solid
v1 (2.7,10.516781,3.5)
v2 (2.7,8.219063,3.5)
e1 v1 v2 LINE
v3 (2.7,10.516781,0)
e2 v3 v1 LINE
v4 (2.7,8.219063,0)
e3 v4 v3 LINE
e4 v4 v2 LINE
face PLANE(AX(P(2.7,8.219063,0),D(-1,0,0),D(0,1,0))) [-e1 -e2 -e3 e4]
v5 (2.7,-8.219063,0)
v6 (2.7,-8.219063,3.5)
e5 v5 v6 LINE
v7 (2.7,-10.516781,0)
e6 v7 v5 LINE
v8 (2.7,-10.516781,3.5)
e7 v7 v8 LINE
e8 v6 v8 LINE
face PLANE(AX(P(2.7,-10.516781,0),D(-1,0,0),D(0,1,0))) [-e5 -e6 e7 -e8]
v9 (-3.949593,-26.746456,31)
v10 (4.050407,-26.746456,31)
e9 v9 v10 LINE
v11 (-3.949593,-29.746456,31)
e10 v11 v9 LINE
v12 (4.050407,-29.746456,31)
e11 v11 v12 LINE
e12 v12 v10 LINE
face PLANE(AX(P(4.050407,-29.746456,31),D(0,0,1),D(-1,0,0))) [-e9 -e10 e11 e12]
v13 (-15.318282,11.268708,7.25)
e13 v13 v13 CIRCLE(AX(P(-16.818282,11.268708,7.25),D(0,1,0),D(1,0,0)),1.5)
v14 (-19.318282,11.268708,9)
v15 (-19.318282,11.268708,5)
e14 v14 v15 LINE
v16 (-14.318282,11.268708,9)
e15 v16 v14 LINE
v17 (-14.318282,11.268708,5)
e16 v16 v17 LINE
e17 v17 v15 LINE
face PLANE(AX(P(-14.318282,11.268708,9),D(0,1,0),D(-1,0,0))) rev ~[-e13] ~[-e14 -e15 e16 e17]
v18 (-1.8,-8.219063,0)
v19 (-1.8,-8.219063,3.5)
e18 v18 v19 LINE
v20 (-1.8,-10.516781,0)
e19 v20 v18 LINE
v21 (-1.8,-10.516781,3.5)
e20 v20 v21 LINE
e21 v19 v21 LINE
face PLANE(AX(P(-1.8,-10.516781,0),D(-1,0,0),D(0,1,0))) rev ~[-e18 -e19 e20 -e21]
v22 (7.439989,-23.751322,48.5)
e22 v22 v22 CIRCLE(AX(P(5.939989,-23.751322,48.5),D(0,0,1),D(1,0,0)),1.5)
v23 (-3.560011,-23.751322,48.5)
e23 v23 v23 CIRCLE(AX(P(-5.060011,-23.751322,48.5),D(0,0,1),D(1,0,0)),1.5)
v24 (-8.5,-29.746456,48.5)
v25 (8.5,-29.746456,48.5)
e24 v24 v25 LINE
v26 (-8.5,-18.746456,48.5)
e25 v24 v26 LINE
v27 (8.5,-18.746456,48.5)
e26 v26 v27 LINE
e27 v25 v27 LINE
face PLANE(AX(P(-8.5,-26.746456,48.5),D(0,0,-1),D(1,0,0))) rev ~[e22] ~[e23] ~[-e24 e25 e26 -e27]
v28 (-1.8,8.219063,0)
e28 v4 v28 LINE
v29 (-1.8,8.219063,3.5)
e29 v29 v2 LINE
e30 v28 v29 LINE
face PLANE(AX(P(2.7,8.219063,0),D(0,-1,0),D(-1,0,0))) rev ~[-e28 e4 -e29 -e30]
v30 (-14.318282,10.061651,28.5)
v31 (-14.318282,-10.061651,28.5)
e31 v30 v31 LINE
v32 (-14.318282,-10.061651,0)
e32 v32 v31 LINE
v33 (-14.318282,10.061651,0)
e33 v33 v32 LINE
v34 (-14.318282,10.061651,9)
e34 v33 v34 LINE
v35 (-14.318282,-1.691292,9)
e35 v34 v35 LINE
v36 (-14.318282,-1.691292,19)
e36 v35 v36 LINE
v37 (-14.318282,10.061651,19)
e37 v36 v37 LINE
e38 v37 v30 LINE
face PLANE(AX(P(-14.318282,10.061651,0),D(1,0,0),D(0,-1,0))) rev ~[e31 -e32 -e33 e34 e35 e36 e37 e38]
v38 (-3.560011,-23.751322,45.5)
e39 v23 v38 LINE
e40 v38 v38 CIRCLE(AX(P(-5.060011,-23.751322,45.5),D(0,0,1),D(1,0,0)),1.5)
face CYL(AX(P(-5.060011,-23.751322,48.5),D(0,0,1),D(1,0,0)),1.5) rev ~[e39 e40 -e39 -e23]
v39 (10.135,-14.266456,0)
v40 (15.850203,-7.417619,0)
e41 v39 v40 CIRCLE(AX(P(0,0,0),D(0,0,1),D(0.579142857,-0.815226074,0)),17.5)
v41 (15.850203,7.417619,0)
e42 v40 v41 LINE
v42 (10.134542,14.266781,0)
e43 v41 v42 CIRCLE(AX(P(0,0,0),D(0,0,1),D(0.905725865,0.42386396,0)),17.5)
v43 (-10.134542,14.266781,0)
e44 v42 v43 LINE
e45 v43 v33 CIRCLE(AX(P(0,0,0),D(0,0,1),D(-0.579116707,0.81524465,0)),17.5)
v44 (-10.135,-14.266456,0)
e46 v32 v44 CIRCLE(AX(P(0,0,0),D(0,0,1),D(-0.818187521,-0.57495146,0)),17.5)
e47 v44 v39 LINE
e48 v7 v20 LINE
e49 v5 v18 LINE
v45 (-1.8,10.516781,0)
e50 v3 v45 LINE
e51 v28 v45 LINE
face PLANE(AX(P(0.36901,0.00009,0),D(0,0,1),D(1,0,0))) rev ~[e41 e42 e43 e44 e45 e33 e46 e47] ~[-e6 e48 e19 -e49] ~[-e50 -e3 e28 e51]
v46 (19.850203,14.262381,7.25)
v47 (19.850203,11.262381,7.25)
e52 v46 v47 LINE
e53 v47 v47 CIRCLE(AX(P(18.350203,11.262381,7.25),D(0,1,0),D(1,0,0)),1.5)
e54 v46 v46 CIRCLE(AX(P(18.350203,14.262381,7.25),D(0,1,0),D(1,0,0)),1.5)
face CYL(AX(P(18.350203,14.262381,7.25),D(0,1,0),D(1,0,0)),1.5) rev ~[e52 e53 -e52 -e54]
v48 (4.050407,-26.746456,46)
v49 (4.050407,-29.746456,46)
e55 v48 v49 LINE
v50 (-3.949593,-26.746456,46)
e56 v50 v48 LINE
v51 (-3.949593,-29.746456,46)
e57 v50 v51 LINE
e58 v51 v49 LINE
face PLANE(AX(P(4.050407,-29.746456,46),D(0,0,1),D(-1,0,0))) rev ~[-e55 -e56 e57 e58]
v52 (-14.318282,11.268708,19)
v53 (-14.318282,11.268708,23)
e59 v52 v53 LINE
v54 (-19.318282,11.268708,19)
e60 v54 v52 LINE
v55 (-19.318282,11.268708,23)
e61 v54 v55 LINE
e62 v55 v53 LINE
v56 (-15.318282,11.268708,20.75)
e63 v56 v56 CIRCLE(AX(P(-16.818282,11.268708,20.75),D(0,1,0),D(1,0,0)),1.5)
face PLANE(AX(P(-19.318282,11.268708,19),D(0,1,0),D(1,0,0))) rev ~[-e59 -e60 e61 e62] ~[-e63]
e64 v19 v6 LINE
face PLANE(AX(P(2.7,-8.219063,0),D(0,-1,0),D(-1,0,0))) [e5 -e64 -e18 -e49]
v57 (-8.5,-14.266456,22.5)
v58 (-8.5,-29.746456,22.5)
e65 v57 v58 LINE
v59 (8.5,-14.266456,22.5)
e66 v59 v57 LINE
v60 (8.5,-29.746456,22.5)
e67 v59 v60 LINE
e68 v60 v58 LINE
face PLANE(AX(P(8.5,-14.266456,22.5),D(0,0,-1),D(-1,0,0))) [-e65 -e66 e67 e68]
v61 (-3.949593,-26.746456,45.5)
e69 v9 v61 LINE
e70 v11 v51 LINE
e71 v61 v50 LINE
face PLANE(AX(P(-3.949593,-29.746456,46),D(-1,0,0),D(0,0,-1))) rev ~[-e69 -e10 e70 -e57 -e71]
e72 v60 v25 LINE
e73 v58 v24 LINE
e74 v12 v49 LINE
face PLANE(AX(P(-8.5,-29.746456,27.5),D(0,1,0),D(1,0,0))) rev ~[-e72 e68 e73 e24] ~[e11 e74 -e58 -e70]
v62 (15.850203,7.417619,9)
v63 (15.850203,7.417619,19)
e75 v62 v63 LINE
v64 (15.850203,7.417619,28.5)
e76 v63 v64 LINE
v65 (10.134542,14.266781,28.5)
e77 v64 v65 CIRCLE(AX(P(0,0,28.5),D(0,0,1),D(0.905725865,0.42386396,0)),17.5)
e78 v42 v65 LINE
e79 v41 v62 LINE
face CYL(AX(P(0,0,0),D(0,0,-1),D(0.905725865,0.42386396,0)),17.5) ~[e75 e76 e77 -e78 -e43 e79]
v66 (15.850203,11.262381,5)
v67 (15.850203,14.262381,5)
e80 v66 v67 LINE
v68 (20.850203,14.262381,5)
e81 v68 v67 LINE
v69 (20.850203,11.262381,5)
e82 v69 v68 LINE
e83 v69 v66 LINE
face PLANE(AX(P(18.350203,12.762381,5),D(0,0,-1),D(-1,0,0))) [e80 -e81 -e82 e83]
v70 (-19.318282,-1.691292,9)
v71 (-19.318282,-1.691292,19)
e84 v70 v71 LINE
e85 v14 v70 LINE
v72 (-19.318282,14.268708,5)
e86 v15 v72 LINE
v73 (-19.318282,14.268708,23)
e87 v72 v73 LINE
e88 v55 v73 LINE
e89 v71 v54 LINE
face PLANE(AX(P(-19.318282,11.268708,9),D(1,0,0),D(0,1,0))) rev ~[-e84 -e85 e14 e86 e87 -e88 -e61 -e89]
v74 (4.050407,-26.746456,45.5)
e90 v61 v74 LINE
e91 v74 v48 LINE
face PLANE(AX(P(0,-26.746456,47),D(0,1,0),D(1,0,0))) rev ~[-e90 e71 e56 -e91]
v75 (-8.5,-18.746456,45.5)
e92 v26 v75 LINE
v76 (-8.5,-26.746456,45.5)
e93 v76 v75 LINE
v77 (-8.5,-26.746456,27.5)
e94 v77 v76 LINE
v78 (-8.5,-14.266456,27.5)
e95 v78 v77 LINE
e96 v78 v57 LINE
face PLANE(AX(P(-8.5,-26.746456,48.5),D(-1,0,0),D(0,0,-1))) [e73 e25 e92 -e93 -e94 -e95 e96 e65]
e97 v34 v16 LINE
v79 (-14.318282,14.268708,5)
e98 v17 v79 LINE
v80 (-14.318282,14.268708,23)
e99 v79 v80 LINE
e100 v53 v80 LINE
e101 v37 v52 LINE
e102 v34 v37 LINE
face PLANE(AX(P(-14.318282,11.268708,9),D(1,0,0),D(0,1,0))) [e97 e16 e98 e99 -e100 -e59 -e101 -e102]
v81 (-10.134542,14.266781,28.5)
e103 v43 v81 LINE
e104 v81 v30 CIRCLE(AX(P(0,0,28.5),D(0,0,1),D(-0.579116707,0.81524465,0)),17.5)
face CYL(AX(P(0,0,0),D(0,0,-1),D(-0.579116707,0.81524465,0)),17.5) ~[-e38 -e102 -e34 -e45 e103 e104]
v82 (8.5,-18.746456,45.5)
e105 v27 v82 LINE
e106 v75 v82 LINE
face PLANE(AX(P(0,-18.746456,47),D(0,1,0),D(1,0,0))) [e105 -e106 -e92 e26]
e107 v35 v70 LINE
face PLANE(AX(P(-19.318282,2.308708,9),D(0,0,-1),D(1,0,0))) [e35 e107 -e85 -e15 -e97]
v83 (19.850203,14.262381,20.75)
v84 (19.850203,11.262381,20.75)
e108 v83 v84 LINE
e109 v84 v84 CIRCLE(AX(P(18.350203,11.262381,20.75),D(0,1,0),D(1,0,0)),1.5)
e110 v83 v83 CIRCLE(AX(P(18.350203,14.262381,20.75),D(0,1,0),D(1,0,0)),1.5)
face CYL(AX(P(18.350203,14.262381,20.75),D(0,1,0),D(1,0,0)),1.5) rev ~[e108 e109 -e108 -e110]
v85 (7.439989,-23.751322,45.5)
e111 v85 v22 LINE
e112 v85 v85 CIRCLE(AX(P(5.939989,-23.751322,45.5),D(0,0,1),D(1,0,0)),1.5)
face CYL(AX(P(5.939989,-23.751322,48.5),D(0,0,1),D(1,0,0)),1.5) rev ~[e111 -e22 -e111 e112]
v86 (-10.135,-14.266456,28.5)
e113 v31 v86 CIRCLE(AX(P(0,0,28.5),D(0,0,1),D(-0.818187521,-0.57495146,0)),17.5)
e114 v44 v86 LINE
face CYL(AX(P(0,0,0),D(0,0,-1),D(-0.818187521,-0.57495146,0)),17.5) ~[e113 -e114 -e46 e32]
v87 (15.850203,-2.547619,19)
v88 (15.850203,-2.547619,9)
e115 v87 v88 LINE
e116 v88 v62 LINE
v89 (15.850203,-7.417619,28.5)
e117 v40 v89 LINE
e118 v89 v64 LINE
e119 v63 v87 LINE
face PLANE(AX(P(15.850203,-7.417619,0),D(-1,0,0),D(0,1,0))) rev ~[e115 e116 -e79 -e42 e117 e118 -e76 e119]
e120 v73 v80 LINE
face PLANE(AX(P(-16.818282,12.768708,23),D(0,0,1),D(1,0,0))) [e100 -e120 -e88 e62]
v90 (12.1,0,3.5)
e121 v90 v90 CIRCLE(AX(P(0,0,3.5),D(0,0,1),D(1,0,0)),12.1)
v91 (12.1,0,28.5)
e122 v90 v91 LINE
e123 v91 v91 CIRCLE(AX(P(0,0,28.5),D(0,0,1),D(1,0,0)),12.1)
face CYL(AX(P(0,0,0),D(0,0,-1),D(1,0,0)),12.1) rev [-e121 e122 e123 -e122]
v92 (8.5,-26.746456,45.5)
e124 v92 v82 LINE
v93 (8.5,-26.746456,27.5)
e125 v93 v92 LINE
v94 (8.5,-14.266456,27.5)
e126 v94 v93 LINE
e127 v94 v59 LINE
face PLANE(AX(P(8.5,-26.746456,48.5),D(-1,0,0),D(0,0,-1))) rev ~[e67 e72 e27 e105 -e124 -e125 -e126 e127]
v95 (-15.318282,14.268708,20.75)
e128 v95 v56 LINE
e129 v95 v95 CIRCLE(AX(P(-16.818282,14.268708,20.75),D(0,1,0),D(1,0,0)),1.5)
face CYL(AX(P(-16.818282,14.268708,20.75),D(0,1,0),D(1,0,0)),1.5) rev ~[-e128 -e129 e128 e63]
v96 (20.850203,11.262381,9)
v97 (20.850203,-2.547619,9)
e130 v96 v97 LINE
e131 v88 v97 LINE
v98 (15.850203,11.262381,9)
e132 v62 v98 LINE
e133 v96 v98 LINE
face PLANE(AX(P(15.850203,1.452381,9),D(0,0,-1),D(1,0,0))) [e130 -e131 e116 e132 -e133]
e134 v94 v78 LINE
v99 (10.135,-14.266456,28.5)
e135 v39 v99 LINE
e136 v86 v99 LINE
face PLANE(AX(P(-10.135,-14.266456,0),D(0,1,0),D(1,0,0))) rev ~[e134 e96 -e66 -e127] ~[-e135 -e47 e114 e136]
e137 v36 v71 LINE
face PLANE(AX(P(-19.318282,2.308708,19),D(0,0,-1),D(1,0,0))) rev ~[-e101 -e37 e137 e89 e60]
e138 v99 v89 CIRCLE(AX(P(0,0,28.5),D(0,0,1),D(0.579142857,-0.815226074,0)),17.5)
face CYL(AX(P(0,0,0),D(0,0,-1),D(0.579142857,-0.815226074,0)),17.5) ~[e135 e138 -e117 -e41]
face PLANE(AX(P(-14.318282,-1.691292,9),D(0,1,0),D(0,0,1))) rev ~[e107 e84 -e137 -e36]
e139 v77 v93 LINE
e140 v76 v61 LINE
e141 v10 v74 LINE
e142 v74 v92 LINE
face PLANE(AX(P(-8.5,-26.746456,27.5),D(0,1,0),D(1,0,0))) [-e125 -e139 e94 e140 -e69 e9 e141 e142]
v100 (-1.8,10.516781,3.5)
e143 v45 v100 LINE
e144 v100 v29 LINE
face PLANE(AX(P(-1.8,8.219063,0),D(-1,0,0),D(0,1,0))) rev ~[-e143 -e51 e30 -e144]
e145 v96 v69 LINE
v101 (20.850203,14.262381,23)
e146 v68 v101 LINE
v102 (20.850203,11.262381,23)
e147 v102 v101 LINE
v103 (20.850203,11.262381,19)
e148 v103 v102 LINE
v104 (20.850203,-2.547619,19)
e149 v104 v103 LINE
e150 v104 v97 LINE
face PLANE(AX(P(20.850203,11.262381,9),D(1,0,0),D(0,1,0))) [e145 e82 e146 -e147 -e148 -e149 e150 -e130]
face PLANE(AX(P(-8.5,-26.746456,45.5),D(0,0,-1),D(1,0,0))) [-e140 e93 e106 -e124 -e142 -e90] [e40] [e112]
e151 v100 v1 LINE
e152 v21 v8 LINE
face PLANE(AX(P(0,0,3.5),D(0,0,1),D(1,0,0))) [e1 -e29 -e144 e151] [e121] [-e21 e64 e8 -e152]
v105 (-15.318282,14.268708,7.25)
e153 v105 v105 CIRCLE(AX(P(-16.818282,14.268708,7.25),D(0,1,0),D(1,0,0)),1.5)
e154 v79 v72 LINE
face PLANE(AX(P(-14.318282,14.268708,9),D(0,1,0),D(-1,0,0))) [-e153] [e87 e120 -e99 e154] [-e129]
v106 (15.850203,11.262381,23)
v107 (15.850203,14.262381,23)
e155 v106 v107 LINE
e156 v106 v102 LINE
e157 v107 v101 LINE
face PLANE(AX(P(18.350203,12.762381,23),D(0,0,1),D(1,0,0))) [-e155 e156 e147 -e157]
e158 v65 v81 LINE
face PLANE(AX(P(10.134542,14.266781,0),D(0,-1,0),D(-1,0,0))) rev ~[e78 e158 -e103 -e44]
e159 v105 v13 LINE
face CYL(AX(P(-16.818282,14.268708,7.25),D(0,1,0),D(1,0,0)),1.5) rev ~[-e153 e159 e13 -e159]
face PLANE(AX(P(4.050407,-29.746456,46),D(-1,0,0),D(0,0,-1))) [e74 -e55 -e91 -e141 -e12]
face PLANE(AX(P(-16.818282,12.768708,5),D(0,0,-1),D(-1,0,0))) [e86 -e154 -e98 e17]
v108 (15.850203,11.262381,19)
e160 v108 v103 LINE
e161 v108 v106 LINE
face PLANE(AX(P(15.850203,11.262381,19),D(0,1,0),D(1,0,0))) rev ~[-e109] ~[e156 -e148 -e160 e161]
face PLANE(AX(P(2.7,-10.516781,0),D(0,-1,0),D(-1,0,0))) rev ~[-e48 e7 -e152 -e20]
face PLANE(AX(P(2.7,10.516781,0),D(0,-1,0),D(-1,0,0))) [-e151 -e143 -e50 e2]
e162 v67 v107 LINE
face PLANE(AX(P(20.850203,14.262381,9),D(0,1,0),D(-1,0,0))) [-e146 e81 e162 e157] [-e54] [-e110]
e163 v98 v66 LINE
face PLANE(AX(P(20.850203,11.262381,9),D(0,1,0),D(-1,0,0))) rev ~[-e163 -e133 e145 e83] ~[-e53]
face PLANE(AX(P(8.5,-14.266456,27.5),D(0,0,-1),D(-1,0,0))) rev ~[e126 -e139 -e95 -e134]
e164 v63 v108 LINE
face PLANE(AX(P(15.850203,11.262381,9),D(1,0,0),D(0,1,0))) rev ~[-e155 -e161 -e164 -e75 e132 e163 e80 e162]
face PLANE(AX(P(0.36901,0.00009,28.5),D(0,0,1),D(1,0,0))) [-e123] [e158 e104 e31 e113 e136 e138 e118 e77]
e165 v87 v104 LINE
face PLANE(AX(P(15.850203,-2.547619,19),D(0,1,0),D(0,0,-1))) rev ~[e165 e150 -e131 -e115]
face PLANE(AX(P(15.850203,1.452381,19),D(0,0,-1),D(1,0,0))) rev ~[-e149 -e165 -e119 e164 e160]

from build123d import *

# Parameters (mm, degrees)
SKETCH1_R               = 12.1
BOSS_EXTRUDE1_DEPTH     = 3.5
SKETCH1_4_R             = 12.1
BOSS_EXTRUDE2_DEPTH     = 28.5
SKETCH3_W               = 4.5
SKETCH3_H               = 2.297717899
CUT_EXTRUDE1_DEPTH      = 1
CUT_EXTRUDE1_DEPTH_BACK = 29.5
SKETCH6_W               = 17
SKETCH6_H               = 5
BOSS_EXTRUDE4_DEPTH     = 15.48
SKETCH7_W               = 17
SKETCH7_H               = 3
BOSS_EXTRUDE5_DEPTH     = 21
SKETCH10_W              = 8
SKETCH10_H              = 15
CUT_EXTRUDE4_DEPTH      = 5
SKETCH12_W              = 17
SKETCH12_H              = 3
BOSS_EXTRUDE8_DEPTH     = 8
SKETCH9_R               = 1.5
CUT_EXTRUDE5_DEPTH      = 4
SKETCH13_W              = 10
SKETCH13_H              = 4
BOSS_EXTRUDE9_DEPTH     = 5
SKETCH15_W              = 5
SKETCH15_H              = 10
BOSS_EXTRUDE10_DEPTH    = 11.96
SKETCH17_W              = 5
SKETCH17_H              = 3
BOSS_EXTRUDE11_DEPTH    = 4
SKETCH16_W              = 5
SKETCH16_H              = 3
BOSS_EXTRUDE12_DEPTH    = 4
SKETCH20_W              = 10
SKETCH20_H              = 4
BOSS_EXTRUDE13_DEPTH    = 5
SKETCH22_W              = 5
SKETCH22_H              = 10
BOSS_EXTRUDE14_DEPTH    = 12.81
SKETCH26_W              = 5
SKETCH26_H              = 3
BOSS_EXTRUDE15_DEPTH    = 4
SKETCH25_W              = 5
SKETCH25_H              = 3
BOSS_EXTRUDE16_DEPTH    = 4
SKETCH27_R              = 1.5
CUT_EXTRUDE7_DEPTH      = 1.006326947
CUT_EXTRUDE7_DEPTH_BACK = 45.008836986
SKETCH28_R              = 1.5
CUT_EXTRUDE8_DEPTH      = 1
CUT_EXTRUDE8_DEPTH_BACK = 45.015163933


with BuildPart() as part:
    # Sketch1 → Boss-Extrude1 (new body)
    with BuildSketch(Plane.XY):
        Circle(SKETCH1_R)
    extrude(amount=BOSS_EXTRUDE1_DEPTH)

    # Sketch1<4> → Boss-Extrude2 (add)
    with BuildSketch(Plane.XY):
        with BuildLine():
            Line((10.134542374, 14.266781377), (-10.134542374, 14.266781377))
            ThreePointArc((-10.134542374, 14.266781377), (-12.405882938, 12.342773939), (-14.318281607, 10.061650551))
            Line((-14.318281607, 10.061650551), (-14.318281607, -10.061650551))
            ThreePointArc((-14.318281607, -10.061650551), (-12.406080895, -12.342574968), (-10.135, -14.266456287))
            Line((-10.135, -14.266456287), (10.135, -14.266456287))
            ThreePointArc((10.135, -14.266456287), (13.436306455, -11.212299891), (15.850202646, -7.417619301))
            Line((15.850202646, -7.417619301), (15.850202646, 7.417619301))
            ThreePointArc((15.850202646, 7.417619301), (13.436126626, 11.212515386), (10.134542374, 14.266781377))
        make_face()
        Circle(SKETCH1_4_R, mode=Mode.SUBTRACT)
    extrude(amount=BOSS_EXTRUDE2_DEPTH)

    # Sketch3 → Cut-Extrude1 (cut, two sides)
    with BuildSketch(Plane(origin=(0, 0, 0), x_dir=(-1, 0, 0), z_dir=(0, 0, -1))) as cut_extrude1_sk:
        with Locations((-0.45, 9.367922428)):
            Rectangle(SKETCH3_W, SKETCH3_H)
        with Locations((-0.45, -9.367922428)):
            Rectangle(SKETCH3_W, SKETCH3_H)
    extrude(amount=CUT_EXTRUDE1_DEPTH, mode=Mode.SUBTRACT)
    extrude(cut_extrude1_sk.sketch, amount=-CUT_EXTRUDE1_DEPTH_BACK, mode=Mode.SUBTRACT)

    # Sketch6 → Boss-Extrude4 (add)
    with BuildSketch(Plane(origin=(0, -14.266456287, 0), x_dir=(-1, 0, 0), z_dir=(0, -1, 0))):
        with Locations((0, -25)):
            Rectangle(SKETCH6_W, SKETCH6_H)
    extrude(amount=BOSS_EXTRUDE4_DEPTH)

    # Sketch7 → Boss-Extrude5 (add)
    with BuildSketch(Plane.XY.offset(27.5)):
        with Locations((0, -28.246456287)):
            Rectangle(SKETCH7_W, SKETCH7_H)
    extrude(amount=BOSS_EXTRUDE5_DEPTH)

    # Sketch10 → Cut-Extrude4 (cut, symmetric)
    with BuildSketch(Plane(origin=(0, -29.746456287, 0), x_dir=(-1, 0, 0), z_dir=(0, -1, 0))):
        with Locations((-0.050406815, -38.5)):
            Rectangle(SKETCH10_W, SKETCH10_H)
    extrude(amount=CUT_EXTRUDE4_DEPTH, both=True, mode=Mode.SUBTRACT)

    # Sketch12 → Boss-Extrude8 (add)
    with BuildSketch(Plane(origin=(0, -26.746456287, 0), x_dir=(1, 0, 0), z_dir=(0, 1, 0))):
        with Locations((0, -47)):
            Rectangle(SKETCH12_W, SKETCH12_H)
    extrude(amount=BOSS_EXTRUDE8_DEPTH)

    # Sketch9 → Cut-Extrude5 (cut, symmetric)
    with BuildSketch(Plane.XY.offset(48.5)):
        with Locations((-5.060010985, -23.75132246)):
            Circle(SKETCH9_R)
        with Locations((5.939989015, -23.75132246)):
            Circle(SKETCH9_R)
    extrude(amount=CUT_EXTRUDE5_DEPTH, both=True, mode=Mode.SUBTRACT)

    # Sketch13 → Boss-Extrude9 (add)
    with BuildSketch(Plane.ZY.offset(14.318281607)):
        with Locations((14, 0.308707646)):
            Rectangle(SKETCH13_W, SKETCH13_H)
    extrude(amount=BOSS_EXTRUDE9_DEPTH)

    # Sketch15 → Boss-Extrude10 (add)
    with BuildSketch(Plane(origin=(0, 2.308707646, 0), x_dir=(1, 0, 0), z_dir=(0, 1, 0))):
        with Locations((-16.818281607, -14)):
            Rectangle(SKETCH15_W, SKETCH15_H)
    extrude(amount=BOSS_EXTRUDE10_DEPTH)

    # Sketch17 → Boss-Extrude11 (add)
    with BuildSketch(Plane.XY.offset(19)):
        with Locations((-16.818281607, 12.768707646)):
            Rectangle(SKETCH17_W, SKETCH17_H)
    extrude(amount=BOSS_EXTRUDE11_DEPTH)

    # Sketch16 → Boss-Extrude12 (add)
    with BuildSketch(Plane(origin=(0, 0, 9), x_dir=(-1, 0, 0), z_dir=(0, 0, -1))):
        with Locations((16.818281607, 12.768707646)):
            Rectangle(SKETCH16_W, SKETCH16_H)
    extrude(amount=BOSS_EXTRUDE12_DEPTH)

    # Sketch20 → Boss-Extrude13 (add)
    with BuildSketch(Plane(origin=(15.850202646, 0, 0), x_dir=(0, 0, -1), z_dir=(1, 0, 0))):
        with Locations((-14, -0.547619301)):
            Rectangle(SKETCH20_W, SKETCH20_H)
    extrude(amount=BOSS_EXTRUDE13_DEPTH)

    # Sketch22 → Boss-Extrude14 (add)
    with BuildSketch(Plane(origin=(0, 1.452380699, 0), x_dir=(1, 0, 0), z_dir=(0, 1, 0))):
        with Locations((18.350202646, -14)):
            Rectangle(SKETCH22_W, SKETCH22_H)
    extrude(amount=BOSS_EXTRUDE14_DEPTH)

    # Sketch26 → Boss-Extrude15 (add)
    with BuildSketch(Plane.XY.offset(19)):
        with Locations((18.350202646, 12.762380699)):
            Rectangle(SKETCH26_W, SKETCH26_H)
    extrude(amount=BOSS_EXTRUDE15_DEPTH)

    # Sketch25 → Boss-Extrude16 (add)
    with BuildSketch(Plane(origin=(0, 0, 9), x_dir=(-1, 0, 0), z_dir=(0, 0, -1))):
        with Locations((-18.350202646, 12.762380699)):
            Rectangle(SKETCH25_W, SKETCH25_H)
    extrude(amount=BOSS_EXTRUDE16_DEPTH)

    # Sketch27 → Cut-Extrude7 (cut, two sides)
    with BuildSketch(Plane(origin=(0, 14.262380699, 0), x_dir=(1, 0, 0), z_dir=(0, 1, 0))) as cut_extrude7_sk:
        with Locations((18.350202646, -20.75)):
            Circle(SKETCH27_R)
        with Locations((18.350202646, -7.25)):
            Circle(SKETCH27_R)
    extrude(amount=CUT_EXTRUDE7_DEPTH, mode=Mode.SUBTRACT)
    extrude(cut_extrude7_sk.sketch, amount=-CUT_EXTRUDE7_DEPTH_BACK, mode=Mode.SUBTRACT)

    # Sketch28 → Cut-Extrude8 (cut, two sides)
    with BuildSketch(Plane(origin=(0, 14.268707646, 0), x_dir=(1, 0, 0), z_dir=(0, 1, 0))) as cut_extrude8_sk:
        with Locations((-16.818281607, -7.25)):
            Circle(SKETCH28_R)
        with Locations((-16.818281607, -20.75)):
            Circle(SKETCH28_R)
    extrude(amount=CUT_EXTRUDE8_DEPTH, mode=Mode.SUBTRACT)
    extrude(cut_extrude8_sk.sketch, amount=-CUT_EXTRUDE8_DEPTH_BACK, mode=Mode.SUBTRACT)


solid = part.part
